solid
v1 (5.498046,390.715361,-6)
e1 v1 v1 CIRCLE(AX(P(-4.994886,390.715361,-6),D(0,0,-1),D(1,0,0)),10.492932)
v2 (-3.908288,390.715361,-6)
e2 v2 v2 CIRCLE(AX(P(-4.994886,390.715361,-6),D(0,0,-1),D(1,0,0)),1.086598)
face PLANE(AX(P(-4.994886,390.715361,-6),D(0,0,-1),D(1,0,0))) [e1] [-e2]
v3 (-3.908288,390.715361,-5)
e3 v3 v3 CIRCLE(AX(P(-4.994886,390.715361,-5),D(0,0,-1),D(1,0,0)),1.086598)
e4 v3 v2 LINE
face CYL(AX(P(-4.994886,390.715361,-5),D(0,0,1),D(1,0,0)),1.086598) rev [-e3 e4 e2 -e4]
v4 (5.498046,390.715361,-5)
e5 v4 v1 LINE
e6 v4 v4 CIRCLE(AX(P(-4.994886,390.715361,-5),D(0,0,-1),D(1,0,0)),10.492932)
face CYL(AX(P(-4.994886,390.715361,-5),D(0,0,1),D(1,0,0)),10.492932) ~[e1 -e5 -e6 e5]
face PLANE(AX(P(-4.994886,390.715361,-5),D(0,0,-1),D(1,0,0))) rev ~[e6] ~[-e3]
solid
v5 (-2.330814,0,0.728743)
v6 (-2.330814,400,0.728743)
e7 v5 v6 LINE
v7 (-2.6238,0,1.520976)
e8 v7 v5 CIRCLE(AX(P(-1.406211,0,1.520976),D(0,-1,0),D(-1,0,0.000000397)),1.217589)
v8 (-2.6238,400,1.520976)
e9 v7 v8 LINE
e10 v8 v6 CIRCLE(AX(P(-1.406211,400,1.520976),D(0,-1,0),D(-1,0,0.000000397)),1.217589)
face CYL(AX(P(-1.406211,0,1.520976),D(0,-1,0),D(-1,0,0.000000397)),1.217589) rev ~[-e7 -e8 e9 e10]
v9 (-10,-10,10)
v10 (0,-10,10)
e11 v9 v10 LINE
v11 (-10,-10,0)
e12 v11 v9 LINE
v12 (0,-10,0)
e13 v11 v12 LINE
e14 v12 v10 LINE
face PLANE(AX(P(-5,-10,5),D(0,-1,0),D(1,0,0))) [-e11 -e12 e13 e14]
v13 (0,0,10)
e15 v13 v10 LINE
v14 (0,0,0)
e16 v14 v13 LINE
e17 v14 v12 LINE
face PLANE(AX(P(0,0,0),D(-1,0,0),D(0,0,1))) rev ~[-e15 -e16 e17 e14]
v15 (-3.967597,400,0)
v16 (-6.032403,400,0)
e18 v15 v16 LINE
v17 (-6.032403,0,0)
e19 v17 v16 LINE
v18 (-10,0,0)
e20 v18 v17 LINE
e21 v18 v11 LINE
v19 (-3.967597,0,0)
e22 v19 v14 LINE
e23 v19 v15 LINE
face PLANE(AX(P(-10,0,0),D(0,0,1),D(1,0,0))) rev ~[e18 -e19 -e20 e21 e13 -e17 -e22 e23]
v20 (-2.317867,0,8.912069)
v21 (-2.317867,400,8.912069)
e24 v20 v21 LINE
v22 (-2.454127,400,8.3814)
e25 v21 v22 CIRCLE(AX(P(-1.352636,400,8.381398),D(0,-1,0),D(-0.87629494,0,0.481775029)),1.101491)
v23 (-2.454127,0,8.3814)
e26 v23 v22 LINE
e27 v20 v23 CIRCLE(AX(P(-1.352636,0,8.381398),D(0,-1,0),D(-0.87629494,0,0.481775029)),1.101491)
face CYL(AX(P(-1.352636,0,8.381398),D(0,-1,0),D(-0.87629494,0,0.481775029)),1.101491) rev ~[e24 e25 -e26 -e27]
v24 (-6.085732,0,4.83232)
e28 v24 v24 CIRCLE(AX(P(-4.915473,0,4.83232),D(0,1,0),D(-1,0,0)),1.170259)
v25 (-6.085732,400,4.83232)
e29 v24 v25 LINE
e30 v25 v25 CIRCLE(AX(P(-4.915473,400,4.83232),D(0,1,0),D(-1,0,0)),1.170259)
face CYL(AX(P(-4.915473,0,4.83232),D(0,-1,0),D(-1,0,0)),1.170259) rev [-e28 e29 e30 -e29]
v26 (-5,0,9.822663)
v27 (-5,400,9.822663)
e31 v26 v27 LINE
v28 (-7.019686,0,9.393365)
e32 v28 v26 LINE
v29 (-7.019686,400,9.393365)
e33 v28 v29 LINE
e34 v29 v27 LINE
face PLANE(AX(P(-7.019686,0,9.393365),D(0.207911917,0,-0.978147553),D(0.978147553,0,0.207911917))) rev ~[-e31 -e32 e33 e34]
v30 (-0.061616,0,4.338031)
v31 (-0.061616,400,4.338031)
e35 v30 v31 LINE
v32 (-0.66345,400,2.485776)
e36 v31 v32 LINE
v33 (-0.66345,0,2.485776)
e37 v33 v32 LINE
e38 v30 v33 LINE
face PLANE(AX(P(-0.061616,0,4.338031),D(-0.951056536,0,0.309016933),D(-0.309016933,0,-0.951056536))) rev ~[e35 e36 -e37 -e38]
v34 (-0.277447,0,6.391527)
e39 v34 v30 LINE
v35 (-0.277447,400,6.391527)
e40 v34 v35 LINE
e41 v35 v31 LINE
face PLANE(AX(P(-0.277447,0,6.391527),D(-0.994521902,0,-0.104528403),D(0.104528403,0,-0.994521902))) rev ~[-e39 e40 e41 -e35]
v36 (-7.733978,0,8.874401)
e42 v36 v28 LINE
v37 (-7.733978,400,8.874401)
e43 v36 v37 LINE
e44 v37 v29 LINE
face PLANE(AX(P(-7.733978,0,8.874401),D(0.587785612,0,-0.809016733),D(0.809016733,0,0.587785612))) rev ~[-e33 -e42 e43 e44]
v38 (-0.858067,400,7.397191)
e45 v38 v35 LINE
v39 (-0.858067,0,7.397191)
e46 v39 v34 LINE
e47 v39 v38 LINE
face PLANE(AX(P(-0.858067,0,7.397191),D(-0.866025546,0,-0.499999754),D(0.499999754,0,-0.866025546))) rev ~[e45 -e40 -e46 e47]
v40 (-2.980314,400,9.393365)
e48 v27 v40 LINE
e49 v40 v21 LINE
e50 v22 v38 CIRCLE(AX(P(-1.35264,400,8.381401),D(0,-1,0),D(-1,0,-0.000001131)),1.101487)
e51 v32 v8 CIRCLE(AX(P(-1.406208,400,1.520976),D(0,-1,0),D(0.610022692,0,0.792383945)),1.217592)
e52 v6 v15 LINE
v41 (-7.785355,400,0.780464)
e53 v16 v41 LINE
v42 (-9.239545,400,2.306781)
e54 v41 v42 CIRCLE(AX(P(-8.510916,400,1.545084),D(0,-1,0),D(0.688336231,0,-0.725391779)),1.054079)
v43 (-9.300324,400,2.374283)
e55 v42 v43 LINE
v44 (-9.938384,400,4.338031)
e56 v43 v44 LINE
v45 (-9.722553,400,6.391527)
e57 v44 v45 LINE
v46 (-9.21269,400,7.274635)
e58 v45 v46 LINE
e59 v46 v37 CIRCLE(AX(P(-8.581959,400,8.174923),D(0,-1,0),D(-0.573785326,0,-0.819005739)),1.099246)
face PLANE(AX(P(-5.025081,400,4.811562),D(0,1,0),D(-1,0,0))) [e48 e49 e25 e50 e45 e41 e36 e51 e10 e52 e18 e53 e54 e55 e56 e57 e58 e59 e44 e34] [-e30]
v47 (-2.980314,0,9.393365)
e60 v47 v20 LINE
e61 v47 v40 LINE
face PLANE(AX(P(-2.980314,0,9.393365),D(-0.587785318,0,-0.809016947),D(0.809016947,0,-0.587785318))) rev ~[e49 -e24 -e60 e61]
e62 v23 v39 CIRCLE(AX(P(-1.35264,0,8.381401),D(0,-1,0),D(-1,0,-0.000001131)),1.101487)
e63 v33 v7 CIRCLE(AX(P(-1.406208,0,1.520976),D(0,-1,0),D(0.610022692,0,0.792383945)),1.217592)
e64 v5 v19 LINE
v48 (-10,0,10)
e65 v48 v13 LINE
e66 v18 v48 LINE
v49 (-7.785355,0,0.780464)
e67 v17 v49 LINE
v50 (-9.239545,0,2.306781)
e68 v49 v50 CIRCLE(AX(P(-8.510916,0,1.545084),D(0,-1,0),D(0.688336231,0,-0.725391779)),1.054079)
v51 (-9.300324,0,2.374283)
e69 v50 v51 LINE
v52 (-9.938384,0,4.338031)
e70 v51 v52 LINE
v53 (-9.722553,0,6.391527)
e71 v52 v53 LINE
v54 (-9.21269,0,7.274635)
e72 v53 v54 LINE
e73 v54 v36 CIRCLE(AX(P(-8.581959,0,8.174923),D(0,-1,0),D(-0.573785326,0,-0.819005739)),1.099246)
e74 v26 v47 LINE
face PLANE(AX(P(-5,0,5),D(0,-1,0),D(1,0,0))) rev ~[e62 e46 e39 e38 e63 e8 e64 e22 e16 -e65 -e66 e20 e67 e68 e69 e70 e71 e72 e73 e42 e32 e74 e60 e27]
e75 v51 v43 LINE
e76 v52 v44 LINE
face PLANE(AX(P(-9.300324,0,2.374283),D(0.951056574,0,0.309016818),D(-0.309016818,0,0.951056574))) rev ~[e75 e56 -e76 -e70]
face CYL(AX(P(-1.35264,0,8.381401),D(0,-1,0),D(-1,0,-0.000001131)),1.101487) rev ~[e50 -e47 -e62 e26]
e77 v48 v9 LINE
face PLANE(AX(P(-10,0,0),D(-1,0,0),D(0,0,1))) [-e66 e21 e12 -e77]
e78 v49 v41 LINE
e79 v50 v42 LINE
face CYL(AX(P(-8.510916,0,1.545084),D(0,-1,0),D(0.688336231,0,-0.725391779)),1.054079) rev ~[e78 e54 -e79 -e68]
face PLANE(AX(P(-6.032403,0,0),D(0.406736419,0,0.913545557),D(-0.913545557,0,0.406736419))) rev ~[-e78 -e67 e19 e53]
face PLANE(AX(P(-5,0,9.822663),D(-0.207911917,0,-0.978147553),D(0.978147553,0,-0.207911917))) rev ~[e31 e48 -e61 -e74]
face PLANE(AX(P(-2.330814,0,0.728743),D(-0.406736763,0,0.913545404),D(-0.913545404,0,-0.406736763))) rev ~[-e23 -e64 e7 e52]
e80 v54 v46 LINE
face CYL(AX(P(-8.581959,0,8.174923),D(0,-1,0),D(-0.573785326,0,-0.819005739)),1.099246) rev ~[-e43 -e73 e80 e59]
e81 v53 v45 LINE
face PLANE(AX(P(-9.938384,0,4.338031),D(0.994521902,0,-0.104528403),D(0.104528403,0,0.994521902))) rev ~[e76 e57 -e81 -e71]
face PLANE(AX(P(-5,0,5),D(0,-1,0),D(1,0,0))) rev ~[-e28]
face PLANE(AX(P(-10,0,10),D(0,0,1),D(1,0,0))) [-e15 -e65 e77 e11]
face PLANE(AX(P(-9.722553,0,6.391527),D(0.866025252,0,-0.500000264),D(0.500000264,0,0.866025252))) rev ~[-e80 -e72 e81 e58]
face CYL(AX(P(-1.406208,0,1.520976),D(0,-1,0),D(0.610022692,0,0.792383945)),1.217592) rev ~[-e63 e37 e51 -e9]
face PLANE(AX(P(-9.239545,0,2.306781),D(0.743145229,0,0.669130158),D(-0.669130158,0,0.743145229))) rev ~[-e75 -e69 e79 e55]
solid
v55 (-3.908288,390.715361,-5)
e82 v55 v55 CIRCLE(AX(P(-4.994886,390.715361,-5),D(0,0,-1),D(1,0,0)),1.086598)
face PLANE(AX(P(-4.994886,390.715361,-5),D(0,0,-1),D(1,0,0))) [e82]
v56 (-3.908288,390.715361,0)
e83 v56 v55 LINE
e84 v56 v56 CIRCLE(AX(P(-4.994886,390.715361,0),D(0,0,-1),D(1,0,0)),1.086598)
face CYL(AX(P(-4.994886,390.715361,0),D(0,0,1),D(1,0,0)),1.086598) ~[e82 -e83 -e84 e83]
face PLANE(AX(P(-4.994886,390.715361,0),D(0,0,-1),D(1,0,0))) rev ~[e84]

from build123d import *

# Parameters (mm, degrees)
F0_W     = 10
F0_H     = 10
F1_DEPTH = 10
F3_R     = 1.170259
F4_DEPTH = 400
F6_R     = 1.086598
F7_DEPTH = 5
F8_R     = 10.492932
F8_R_2   = 1.086598
F9_DEPTH = 1


with BuildPart() as f1:
    # F0 (on Front) → F1 (new body)
    with BuildSketch(Plane.XZ):
        with Locations((-5, 5)):
            Rectangle(F0_W, F0_H)
    extrude(amount=F1_DEPTH)

    # F3 (on face) → F4 (join)
    with BuildSketch(Plane(origin=(0, 0, 0), x_dir=(-1, 0, 0), z_dir=(0, 1, 0))):
        with BuildLine():
            ThreePointArc((9.21269, 7.274635), (7.774734, 7.428781), (7.733978, 8.874401))
            Line((7.733978, 8.874401), (7.019686, 9.393365))
            Line((7.019686, 9.393365), (5, 9.822663))
            Line((5, 9.822663), (2.980314, 9.393365))
            Line((2.980314, 9.393365), (2.317867, 8.912069))
            ThreePointArc((2.317867, 8.912069), (2.419518, 8.655342), (2.454127, 8.3814))
            ThreePointArc((2.454127, 8.3814), (1.930787, 7.443841), (0.858067, 7.397191))
            Line((0.858067, 7.397191), (0.277447, 6.391527))
            Line((0.277447, 6.391527), (0.061616, 4.338031))
            Line((0.061616, 4.338031), (0.66345, 2.485776))
            ThreePointArc((0.66345, 2.485776), (1.943866, 2.613429), (2.6238, 1.520976))
            ThreePointArc((2.6238, 1.520976), (2.548207, 1.098639), (2.330814, 0.728743))
            Line((2.330814, 0.728743), (3.967597, 0))
            Line((3.967597, 0), (6.032403, 0))
            Line((6.032403, 0), (7.785355, 0.780464))
            ThreePointArc((7.785355, 0.780464), (7.747756, 2.272181), (9.239545, 2.306781))
            Line((9.239545, 2.306781), (9.300324, 2.374283))
            Line((9.300324, 2.374283), (9.938384, 4.338031))
            Line((9.938384, 4.338031), (9.722553, 6.391527))
            Line((9.722553, 6.391527), (9.21269, 7.274635))
        make_face()
        with Locations((4.915473, 4.83232)):
            Circle(F3_R, mode=Mode.SUBTRACT)
    extrude(amount=F4_DEPTH)


with BuildPart() as f7:
    # F6 (on face) → F7 (new body)
    with BuildSketch(Plane(origin=(0, 0, 0), x_dir=(1, 0, 0), z_dir=(0, 0, -1))):
        with Locations((-4.994886, -390.715361)):
            Circle(F6_R)
    extrude(amount=F7_DEPTH)


with BuildPart() as f9:
    # F8 (on face) → F9 (new body)
    with BuildSketch(Plane(origin=(0, 0, -5), x_dir=(1, 0, 0), z_dir=(0, 0, -1))):
        with Locations((-4.994886, -390.715361)):
            Circle(F8_R)
        with Locations((-4.994886, -390.715361)):
            Circle(F8_R_2, mode=Mode.SUBTRACT)
    extrude(amount=F9_DEPTH)


solid = Compound([f1.part, f7.part, f9.part])
